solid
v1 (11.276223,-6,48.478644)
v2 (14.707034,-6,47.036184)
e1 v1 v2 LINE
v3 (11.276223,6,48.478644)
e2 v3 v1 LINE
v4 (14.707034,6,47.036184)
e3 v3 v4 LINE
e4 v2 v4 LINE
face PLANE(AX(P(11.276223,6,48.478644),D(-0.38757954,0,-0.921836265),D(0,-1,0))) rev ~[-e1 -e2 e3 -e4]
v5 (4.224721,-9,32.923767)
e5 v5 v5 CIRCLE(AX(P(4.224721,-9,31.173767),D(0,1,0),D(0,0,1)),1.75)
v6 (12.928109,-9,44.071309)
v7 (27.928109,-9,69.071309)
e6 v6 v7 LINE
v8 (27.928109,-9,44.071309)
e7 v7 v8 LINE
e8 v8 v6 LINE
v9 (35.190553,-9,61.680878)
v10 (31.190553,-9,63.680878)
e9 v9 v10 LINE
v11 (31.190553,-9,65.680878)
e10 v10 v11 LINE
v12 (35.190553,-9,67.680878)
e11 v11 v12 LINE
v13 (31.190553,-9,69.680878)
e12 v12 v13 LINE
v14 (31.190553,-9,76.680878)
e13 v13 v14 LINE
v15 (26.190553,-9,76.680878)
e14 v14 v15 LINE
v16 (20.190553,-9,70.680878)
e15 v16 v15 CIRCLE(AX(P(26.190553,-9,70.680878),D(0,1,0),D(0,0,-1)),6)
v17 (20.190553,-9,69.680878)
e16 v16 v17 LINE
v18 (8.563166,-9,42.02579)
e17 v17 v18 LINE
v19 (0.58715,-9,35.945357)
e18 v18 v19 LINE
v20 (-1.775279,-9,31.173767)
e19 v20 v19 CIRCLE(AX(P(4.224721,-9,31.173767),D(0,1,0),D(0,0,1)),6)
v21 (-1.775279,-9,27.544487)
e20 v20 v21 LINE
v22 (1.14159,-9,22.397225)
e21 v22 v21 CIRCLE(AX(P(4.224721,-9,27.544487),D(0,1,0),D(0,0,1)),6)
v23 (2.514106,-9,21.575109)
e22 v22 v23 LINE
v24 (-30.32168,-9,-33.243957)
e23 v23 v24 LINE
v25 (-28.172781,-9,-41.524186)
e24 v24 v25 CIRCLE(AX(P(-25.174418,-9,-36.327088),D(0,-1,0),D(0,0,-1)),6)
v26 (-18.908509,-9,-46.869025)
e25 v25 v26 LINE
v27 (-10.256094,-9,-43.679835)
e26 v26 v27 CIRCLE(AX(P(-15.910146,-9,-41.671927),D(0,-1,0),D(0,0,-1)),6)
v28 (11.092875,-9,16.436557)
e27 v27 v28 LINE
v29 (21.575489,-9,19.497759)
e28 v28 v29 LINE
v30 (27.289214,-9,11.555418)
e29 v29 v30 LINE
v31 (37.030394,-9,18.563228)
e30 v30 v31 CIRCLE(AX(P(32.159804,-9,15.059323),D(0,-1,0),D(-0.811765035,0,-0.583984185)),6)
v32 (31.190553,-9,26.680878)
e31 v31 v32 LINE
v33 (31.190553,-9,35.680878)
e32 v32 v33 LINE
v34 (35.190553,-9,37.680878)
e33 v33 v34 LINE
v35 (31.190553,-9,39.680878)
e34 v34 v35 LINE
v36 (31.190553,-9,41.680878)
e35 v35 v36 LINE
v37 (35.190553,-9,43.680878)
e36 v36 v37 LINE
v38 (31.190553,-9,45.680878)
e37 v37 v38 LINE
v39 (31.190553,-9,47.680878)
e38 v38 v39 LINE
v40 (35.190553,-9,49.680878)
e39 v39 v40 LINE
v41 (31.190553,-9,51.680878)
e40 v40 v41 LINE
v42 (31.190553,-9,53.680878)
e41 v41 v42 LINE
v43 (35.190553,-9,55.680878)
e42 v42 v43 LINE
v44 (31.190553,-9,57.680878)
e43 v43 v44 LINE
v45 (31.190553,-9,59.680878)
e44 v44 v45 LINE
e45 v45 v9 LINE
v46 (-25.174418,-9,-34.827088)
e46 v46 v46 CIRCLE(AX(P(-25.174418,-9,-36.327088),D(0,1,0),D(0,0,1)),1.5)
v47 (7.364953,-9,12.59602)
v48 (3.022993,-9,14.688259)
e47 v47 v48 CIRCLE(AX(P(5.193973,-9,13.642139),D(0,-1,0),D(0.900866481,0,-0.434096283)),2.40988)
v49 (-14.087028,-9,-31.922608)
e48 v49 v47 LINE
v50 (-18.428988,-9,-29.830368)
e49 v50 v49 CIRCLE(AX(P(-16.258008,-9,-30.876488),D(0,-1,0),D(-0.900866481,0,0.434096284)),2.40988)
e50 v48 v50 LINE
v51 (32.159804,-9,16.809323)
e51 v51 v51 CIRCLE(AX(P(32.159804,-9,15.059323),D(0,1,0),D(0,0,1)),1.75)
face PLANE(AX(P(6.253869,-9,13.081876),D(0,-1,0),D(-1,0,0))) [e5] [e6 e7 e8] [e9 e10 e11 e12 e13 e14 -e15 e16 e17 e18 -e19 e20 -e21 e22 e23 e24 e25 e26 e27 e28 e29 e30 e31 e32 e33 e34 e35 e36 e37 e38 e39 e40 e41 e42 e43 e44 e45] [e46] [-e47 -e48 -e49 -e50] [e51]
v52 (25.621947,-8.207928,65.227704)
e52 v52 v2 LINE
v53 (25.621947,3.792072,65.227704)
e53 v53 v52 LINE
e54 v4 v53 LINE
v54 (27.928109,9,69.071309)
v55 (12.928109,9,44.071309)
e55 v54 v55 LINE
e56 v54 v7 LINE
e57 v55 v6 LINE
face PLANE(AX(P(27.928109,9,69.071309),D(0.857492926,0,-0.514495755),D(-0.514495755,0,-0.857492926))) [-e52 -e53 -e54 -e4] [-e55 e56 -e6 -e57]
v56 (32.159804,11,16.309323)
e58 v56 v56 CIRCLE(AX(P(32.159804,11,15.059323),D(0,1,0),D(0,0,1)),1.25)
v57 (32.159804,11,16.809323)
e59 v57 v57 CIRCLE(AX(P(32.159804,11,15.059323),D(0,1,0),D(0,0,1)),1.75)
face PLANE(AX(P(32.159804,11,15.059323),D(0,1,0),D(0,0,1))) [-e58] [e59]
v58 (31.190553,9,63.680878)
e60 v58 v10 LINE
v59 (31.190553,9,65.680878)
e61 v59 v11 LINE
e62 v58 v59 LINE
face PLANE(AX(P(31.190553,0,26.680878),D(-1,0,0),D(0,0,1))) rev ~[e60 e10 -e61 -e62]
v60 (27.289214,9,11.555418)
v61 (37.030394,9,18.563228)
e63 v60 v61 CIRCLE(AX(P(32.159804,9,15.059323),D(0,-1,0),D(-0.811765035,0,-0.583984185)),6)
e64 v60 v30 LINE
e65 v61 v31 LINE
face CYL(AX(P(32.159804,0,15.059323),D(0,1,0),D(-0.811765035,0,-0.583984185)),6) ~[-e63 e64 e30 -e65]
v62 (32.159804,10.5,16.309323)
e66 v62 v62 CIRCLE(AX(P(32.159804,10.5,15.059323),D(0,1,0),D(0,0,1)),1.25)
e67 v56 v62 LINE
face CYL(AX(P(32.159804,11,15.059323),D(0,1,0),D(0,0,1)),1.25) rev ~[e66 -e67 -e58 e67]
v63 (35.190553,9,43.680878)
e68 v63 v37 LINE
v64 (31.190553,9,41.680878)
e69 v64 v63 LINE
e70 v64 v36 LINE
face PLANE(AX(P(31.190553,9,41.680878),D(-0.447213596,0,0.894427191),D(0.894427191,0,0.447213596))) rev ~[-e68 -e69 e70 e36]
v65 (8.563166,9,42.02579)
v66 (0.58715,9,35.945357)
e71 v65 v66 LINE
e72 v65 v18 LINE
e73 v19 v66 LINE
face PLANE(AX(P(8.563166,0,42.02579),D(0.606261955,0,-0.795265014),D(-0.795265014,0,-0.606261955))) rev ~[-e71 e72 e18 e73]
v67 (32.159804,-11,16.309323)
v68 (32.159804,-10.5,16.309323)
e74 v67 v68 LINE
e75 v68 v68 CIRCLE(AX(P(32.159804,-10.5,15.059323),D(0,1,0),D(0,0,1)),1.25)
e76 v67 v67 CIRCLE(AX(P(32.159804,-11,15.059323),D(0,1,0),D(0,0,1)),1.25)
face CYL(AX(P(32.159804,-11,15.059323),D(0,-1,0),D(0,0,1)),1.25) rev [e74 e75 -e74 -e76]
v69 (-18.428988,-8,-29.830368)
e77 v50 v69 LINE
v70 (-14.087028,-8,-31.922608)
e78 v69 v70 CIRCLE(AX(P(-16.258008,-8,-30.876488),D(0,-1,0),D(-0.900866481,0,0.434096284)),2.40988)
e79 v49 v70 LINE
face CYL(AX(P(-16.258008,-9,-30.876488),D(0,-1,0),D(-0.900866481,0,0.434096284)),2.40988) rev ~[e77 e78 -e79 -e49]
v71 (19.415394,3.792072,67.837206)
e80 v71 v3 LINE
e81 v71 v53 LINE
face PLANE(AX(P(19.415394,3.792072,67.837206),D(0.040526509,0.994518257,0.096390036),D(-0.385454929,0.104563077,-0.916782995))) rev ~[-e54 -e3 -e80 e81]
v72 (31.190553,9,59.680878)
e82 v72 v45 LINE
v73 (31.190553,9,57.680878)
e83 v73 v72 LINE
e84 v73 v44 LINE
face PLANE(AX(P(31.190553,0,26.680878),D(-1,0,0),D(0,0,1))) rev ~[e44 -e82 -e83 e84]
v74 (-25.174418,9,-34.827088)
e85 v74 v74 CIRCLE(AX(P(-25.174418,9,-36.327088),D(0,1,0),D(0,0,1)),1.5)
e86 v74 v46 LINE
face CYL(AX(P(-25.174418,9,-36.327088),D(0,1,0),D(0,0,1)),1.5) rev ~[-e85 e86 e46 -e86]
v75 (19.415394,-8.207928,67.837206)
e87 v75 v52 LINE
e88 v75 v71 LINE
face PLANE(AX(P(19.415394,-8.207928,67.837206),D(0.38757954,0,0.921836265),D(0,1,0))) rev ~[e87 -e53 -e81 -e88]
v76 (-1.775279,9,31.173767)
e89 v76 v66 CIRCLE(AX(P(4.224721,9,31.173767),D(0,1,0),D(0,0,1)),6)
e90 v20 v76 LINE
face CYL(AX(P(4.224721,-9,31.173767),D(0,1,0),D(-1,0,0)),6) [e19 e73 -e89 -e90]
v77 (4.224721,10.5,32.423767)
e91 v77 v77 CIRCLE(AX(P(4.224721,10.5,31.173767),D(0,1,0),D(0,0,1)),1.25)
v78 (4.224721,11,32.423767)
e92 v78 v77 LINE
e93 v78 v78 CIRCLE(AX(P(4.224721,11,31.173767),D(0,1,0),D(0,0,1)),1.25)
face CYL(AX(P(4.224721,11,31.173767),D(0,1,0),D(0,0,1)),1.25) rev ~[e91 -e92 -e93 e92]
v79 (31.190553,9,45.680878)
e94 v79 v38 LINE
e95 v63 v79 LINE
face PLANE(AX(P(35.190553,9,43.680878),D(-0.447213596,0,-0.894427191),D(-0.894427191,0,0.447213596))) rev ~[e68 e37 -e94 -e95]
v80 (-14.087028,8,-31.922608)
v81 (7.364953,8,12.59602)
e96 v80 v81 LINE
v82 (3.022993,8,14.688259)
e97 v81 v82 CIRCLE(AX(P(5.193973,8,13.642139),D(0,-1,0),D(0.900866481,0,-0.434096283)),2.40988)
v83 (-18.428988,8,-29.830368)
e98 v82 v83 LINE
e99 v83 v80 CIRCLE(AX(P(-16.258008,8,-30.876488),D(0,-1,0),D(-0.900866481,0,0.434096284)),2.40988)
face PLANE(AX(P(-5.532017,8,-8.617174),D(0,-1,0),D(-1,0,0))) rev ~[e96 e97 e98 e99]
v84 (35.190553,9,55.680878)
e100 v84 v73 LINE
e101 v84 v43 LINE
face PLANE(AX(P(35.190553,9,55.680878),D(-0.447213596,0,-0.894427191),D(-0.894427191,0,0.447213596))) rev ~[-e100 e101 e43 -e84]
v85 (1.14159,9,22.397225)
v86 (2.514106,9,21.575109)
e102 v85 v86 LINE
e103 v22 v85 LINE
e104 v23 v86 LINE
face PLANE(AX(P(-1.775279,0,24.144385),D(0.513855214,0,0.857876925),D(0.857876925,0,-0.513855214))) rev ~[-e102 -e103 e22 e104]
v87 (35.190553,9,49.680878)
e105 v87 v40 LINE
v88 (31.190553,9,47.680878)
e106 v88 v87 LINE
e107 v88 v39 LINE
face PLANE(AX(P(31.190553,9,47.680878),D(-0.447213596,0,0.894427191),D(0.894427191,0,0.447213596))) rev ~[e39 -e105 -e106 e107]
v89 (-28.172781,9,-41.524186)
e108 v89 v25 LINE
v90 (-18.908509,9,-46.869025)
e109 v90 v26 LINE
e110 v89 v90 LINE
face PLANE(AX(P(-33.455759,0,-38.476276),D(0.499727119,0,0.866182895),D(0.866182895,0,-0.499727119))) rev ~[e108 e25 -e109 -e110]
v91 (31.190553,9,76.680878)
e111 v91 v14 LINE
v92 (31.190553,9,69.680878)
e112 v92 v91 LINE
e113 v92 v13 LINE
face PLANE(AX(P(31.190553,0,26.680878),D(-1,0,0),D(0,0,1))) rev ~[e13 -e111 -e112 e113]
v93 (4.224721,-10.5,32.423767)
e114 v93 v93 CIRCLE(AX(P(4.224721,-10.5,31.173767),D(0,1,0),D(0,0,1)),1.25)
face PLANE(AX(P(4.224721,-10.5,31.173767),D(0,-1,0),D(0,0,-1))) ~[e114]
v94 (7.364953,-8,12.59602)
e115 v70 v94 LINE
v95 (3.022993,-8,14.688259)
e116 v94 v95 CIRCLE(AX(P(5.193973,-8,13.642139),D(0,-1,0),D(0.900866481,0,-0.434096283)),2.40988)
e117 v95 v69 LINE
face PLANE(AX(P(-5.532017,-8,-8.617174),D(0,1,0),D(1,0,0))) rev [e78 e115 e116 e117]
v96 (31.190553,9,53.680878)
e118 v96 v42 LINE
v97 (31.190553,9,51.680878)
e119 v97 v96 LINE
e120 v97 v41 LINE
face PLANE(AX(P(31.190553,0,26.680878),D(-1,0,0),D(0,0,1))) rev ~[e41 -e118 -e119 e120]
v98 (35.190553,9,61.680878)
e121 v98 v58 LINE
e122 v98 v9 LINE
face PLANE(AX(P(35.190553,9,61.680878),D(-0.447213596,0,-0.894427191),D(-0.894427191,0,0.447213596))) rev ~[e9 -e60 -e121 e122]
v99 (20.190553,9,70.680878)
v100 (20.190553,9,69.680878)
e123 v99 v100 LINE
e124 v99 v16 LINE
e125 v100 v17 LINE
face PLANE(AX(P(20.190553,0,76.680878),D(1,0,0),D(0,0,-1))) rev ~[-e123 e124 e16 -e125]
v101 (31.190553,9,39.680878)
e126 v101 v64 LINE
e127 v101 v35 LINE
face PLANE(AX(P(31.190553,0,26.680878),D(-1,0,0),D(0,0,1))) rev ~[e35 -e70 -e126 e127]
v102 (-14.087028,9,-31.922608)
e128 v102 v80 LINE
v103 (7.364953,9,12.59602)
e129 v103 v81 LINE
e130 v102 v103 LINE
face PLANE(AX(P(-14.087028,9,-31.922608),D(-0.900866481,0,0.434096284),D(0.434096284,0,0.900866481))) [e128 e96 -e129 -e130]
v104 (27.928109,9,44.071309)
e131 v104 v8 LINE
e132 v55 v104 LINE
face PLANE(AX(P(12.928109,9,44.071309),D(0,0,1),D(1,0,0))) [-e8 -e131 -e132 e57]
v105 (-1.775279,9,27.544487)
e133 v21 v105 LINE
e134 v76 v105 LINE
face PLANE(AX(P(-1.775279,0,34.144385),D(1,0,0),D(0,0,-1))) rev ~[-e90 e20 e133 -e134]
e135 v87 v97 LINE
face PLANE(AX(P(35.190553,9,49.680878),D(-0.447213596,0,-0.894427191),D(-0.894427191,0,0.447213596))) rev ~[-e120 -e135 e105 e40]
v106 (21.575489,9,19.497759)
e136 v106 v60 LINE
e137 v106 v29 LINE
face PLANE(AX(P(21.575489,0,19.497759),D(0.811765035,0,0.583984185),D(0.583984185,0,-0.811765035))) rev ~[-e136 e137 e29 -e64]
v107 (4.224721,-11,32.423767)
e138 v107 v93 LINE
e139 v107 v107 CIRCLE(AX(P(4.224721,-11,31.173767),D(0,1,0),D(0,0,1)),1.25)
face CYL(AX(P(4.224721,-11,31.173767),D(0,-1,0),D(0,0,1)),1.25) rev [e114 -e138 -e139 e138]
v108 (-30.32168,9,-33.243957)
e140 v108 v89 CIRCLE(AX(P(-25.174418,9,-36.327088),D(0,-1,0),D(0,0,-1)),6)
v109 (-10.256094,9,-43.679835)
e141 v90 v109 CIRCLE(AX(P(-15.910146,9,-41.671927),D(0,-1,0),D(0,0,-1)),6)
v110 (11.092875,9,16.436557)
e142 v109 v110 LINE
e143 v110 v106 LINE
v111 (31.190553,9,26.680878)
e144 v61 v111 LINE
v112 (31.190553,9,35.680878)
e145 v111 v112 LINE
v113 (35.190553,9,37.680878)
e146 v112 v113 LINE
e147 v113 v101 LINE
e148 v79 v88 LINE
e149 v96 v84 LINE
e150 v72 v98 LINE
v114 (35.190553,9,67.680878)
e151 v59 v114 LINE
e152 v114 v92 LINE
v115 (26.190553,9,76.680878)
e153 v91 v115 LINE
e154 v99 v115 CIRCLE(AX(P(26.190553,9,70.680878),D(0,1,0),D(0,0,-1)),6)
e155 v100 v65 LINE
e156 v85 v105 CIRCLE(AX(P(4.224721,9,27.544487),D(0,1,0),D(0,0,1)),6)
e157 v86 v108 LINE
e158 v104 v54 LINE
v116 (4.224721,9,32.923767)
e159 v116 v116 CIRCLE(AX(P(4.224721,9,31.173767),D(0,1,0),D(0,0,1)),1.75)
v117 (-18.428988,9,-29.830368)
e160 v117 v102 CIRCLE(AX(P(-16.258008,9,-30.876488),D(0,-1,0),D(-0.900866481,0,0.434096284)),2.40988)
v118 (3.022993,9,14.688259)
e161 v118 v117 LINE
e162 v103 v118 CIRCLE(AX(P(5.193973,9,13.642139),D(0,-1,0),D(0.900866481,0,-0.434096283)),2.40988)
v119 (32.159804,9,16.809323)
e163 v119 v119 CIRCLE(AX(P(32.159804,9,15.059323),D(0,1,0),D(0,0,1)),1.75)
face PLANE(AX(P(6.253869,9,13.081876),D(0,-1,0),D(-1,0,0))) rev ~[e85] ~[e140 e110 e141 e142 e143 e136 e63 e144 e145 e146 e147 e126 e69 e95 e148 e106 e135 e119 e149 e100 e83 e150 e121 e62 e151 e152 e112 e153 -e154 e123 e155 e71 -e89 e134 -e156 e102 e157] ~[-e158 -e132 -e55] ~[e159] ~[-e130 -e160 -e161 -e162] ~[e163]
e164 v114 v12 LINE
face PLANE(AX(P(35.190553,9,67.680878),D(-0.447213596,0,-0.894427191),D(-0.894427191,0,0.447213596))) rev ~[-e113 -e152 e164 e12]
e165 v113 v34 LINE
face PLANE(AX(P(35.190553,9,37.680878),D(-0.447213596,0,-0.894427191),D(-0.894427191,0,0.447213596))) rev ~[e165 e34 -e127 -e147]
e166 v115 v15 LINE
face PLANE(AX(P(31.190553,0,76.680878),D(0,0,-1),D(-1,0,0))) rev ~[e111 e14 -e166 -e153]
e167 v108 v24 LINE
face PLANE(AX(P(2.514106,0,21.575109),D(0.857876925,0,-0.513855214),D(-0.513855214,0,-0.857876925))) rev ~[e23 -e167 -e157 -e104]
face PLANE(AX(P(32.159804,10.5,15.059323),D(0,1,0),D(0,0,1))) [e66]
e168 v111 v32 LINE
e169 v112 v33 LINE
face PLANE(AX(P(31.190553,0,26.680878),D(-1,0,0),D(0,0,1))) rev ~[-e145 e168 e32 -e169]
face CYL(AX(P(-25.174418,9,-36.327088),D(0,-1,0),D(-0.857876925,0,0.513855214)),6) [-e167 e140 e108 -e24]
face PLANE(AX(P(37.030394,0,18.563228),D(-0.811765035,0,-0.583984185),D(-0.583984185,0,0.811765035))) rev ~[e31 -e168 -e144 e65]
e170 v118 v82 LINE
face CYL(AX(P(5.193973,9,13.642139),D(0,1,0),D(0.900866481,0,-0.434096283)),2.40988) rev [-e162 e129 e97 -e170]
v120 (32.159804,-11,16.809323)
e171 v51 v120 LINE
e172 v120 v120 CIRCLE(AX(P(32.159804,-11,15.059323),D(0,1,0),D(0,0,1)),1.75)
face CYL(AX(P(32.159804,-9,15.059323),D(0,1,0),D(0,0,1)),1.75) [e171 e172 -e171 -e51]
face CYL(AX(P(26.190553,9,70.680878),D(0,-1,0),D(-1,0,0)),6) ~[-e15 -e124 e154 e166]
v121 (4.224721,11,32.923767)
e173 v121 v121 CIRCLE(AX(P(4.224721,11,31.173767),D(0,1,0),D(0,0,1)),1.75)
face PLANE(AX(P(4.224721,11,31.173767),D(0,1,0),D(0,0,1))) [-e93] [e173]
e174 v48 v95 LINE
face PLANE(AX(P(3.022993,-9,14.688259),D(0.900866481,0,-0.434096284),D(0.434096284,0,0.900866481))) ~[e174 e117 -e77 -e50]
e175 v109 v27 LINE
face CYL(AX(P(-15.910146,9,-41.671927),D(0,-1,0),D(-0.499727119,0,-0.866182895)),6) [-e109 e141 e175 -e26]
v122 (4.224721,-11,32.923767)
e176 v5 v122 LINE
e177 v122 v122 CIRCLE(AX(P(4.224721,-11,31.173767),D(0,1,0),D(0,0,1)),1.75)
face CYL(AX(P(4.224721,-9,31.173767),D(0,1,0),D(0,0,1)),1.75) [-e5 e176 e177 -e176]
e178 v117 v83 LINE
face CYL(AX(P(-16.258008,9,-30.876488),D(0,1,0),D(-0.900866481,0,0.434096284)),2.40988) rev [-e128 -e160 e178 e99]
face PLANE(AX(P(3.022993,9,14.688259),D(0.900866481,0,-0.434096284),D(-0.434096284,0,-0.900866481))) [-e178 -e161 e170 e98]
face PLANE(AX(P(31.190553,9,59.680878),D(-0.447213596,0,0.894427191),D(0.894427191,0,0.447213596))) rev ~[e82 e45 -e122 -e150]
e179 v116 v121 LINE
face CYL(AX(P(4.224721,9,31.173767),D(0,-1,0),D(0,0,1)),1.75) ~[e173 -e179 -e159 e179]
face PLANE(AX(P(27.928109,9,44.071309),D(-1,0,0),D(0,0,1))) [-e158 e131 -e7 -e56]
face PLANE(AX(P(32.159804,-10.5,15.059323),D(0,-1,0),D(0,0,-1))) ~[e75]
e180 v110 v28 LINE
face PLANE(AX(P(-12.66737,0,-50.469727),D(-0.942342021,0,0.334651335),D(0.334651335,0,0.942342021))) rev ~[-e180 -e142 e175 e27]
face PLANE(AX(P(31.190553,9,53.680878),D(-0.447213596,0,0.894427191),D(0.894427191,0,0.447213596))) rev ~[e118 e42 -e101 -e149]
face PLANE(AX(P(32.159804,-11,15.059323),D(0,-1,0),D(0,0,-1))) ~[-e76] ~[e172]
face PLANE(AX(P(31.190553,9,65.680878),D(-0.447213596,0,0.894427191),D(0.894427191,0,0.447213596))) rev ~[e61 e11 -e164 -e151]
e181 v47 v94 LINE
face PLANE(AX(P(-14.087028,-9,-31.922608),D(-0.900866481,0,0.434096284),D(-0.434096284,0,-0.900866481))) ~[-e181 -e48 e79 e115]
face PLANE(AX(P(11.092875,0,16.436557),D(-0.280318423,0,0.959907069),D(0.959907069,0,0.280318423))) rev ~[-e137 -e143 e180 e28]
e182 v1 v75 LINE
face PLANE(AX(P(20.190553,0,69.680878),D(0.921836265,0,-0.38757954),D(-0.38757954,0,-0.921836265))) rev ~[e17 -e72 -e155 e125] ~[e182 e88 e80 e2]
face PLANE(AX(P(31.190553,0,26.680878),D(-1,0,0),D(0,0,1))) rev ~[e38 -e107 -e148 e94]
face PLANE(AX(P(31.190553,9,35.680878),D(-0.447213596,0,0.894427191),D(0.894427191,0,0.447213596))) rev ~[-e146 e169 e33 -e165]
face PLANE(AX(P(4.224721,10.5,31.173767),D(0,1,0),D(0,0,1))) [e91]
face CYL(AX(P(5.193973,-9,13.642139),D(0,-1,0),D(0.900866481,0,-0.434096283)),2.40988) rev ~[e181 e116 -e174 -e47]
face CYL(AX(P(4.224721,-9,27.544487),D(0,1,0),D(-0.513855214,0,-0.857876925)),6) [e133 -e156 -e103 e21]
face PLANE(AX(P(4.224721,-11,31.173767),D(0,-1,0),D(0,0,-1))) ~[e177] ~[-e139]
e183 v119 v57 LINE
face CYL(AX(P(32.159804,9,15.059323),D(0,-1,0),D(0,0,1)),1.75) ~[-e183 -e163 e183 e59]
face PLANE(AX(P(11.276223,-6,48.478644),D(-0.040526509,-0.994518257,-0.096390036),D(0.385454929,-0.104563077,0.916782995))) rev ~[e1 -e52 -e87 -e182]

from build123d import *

# Parameters (mm, degrees)
BOSS_EXTRUDE1_DEPTH = 9
CUT_EXTRUDE1_DEPTH  = 26
BOSS_EXTRUDE2_DEPTH = 18
LPATTERN1_COUNT     = 6
LPATTERN1_PITCH     = 6
FILLET1_R           = 6
FILLET2_R           = 6
FILLET3_R           = 6
SKETCH4_R           = 1.5
CUT_EXTRUDE2_DEPTH  = 88.522155905
CUT_EXTRUDE3_DEPTH  = 9
SKETCH6_R           = 1.75
BOSS_EXTRUDE3_DEPTH = 2
SKETCH7_R           = 1.25
CUT_EXTRUDE4_DEPTH  = 0.5
CUT_EXTRUDE5_DEPTH  = 1


with BuildPart() as part:
    # Sketch1 → Boss-Extrude1 (new, symmetric)
    with BuildSketch(Plane(origin=(0, 0, 0), x_dir=(1, 0, 0), z_dir=(0, 1, 0))):
        with BuildLine():
            Line((2.514105873, -21.575108952), (-33.455759115, 38.476275817))
            Line((-33.455759115, 38.476275817), (-12.667369645, 50.469726664))
            Line((-12.667369645, 50.469726664), (11.092875126, -16.436556811))
            Line((11.092875126, -16.436556811), (21.575489497, -19.497759324))
            Line((21.575489497, -19.497759324), (27.289214074, -11.555417826))
            ThreePointArc((27.289214074, -11.555417826), (35.663709394, -10.188732731), (37.030394489, -18.56322805))
            Line((37.030394489, -18.56322805), (31.190552636, -26.680878395))
            Line((31.190552636, -26.680878395), (31.190552636, -76.680878395))
            Line((31.190552636, -76.680878395), (20.190552636, -76.680878395))
            Line((20.190552636, -76.680878395), (20.190552636, -69.680878395))
            Line((20.190552636, -69.680878395), (8.563166422, -42.02579044))
            Line((8.563166422, -42.02579044), (-1.775278753, -34.144385023))
            Line((-1.775278753, -34.144385023), (-1.775278753, -24.144385023))
            Line((-1.775278753, -24.144385023), (2.514105873, -21.575108952))
        make_face()
    extrude(amount=BOSS_EXTRUDE1_DEPTH, both=True)

    # Sketch2 → Cut-Extrude1 (cut)
    with BuildSketch(Plane(origin=(0, 9, 0), x_dir=(1, 0, 0), z_dir=(0, 1, 0))):
        Polygon((12.928109305, -44.071308637), (27.928109305, -44.071308637), (27.928109305, -69.071308637), align=None)
    extrude(amount=-CUT_EXTRUDE1_DEPTH, mode=Mode.SUBTRACT)

    # Sketch3 → Boss-Extrude2 (add)
    with BuildSketch(Plane(origin=(0, 9, 0), x_dir=(1, 0, 0), z_dir=(0, 1, 0))):
        Polygon((31.190552636, -69.680878395), (31.190552636, -65.680878395), (35.190552636, -67.680878395), align=None)
    boss_extrude2 = extrude(amount=-BOSS_EXTRUDE2_DEPTH)

    # LPattern1: Boss-Extrude2 ×6
    with Locations(*[(0, 0, -i * LPATTERN1_PITCH) for i in range(1, LPATTERN1_COUNT)]):
        add(boss_extrude2)

    # Fillet1
    fillet1_edges = [part.edges().sort_by_distance(p)[0] for p in [
        (-33.455759115, 0, -38.476275817),
        (-12.667369645, 0, -50.469726664),
    ]]
    fillet(fillet1_edges, radius=FILLET1_R)

    # Fillet2
    fillet2_edges = [part.edges().sort_by_distance(p)[0] for p in [
        (-1.775278753, 0, 34.144385023),
        (-1.775278753, 0, 24.144385023),
    ]]
    fillet(fillet2_edges, radius=FILLET2_R)

    # Fillet3
    fillet3_edges = [part.edges().sort_by_distance(p)[0] for p in [
        (20.190552636, 0, 76.680878395),
    ]]
    fillet(fillet3_edges, radius=FILLET3_R)

    # Sketch4 → Cut-Extrude2 (cut, through all)
    with BuildSketch(Plane(origin=(0, 9, 0), x_dir=(1, 0, 0), z_dir=(0, 1, 0))):
        with Locations(Location((-25.174418311, 36.32708835, 0), (0, 0, 270))):
            Circle(SKETCH4_R)
    extrude(amount=-CUT_EXTRUDE2_DEPTH, mode=Mode.SUBTRACT)

    # Sketch5 → Cut-Extrude3 (cut)
    with BuildSketch(Plane(origin=(-7.738353784, 0, 3.25353614), x_dir=(0.38757954045785686, 0, 0.9218362651894731), z_dir=(-0.921836265189473, 0, 0.3875795404578568))):
        Polygon((49.059805807, 6), (49.059805807, -6), (70.059805807, -8.207927909), (70.059805807, 3.792072091), align=None)
    extrude(amount=-CUT_EXTRUDE3_DEPTH, mode=Mode.SUBTRACT)

    # Sketch6 → Boss-Extrude3 (add)
    with BuildSketch(Plane(origin=(0, 9, 0), x_dir=(1, 0, 0), z_dir=(0, 1, 0))):
        with Locations(Location((32.159804282, -15.059322938, 0), (0, 0, 270))):
            Circle(SKETCH6_R)
        with Locations(Location((4.224721247, -31.173767393, 0), (0, 0, 270))):
            Circle(SKETCH6_R)
    boss_extrude3 = extrude(amount=BOSS_EXTRUDE3_DEPTH)

    # Sketch7 → Cut-Extrude4 (cut)
    with BuildSketch(Plane(origin=(0, 11, 0), x_dir=(1, 0, 0), z_dir=(0, 1, 0))):
        with Locations(Location((4.224721247, -31.173767393, 0), (0, 0, 270))):
            Circle(SKETCH7_R)
        with Locations(Location((32.159804282, -15.059322938, 0), (0, 0, 270))):
            Circle(SKETCH7_R)
    cut_extrude4 = extrude(amount=-CUT_EXTRUDE4_DEPTH, mode=Mode.SUBTRACT)

    # Sketch8 → Cut-Extrude5 (cut)
    with BuildSketch(Plane(origin=(0, 9, 0), x_dir=(1, 0, 0), z_dir=(0, 1, 0))):
        with BuildLine():
            Line((-14.087027859, 31.922607918), (7.364953265, -12.596019576))
            ThreePointArc((7.364953265, -12.596019576), (6.240093161, -15.813119473), (3.022993263, -14.688259369))
            Line((3.022993263, -14.688259369), (-18.428987861, 29.830368124))
            ThreePointArc((-18.428987861, 29.830368124), (-17.304127757, 33.047468022), (-14.087027859, 31.922607918))
        make_face()
    cut_extrude5 = extrude(amount=-CUT_EXTRUDE5_DEPTH, mode=Mode.SUBTRACT)

    # Mirror1: Boss-Extrude3, Cut-Extrude4, Cut-Extrude5 across plane
    add(boss_extrude3.mirror(Plane.ZX))
    add(cut_extrude4.mirror(Plane.ZX), mode=Mode.SUBTRACT)
    add(cut_extrude5.mirror(Plane.ZX), mode=Mode.SUBTRACT)


solid = part.part
